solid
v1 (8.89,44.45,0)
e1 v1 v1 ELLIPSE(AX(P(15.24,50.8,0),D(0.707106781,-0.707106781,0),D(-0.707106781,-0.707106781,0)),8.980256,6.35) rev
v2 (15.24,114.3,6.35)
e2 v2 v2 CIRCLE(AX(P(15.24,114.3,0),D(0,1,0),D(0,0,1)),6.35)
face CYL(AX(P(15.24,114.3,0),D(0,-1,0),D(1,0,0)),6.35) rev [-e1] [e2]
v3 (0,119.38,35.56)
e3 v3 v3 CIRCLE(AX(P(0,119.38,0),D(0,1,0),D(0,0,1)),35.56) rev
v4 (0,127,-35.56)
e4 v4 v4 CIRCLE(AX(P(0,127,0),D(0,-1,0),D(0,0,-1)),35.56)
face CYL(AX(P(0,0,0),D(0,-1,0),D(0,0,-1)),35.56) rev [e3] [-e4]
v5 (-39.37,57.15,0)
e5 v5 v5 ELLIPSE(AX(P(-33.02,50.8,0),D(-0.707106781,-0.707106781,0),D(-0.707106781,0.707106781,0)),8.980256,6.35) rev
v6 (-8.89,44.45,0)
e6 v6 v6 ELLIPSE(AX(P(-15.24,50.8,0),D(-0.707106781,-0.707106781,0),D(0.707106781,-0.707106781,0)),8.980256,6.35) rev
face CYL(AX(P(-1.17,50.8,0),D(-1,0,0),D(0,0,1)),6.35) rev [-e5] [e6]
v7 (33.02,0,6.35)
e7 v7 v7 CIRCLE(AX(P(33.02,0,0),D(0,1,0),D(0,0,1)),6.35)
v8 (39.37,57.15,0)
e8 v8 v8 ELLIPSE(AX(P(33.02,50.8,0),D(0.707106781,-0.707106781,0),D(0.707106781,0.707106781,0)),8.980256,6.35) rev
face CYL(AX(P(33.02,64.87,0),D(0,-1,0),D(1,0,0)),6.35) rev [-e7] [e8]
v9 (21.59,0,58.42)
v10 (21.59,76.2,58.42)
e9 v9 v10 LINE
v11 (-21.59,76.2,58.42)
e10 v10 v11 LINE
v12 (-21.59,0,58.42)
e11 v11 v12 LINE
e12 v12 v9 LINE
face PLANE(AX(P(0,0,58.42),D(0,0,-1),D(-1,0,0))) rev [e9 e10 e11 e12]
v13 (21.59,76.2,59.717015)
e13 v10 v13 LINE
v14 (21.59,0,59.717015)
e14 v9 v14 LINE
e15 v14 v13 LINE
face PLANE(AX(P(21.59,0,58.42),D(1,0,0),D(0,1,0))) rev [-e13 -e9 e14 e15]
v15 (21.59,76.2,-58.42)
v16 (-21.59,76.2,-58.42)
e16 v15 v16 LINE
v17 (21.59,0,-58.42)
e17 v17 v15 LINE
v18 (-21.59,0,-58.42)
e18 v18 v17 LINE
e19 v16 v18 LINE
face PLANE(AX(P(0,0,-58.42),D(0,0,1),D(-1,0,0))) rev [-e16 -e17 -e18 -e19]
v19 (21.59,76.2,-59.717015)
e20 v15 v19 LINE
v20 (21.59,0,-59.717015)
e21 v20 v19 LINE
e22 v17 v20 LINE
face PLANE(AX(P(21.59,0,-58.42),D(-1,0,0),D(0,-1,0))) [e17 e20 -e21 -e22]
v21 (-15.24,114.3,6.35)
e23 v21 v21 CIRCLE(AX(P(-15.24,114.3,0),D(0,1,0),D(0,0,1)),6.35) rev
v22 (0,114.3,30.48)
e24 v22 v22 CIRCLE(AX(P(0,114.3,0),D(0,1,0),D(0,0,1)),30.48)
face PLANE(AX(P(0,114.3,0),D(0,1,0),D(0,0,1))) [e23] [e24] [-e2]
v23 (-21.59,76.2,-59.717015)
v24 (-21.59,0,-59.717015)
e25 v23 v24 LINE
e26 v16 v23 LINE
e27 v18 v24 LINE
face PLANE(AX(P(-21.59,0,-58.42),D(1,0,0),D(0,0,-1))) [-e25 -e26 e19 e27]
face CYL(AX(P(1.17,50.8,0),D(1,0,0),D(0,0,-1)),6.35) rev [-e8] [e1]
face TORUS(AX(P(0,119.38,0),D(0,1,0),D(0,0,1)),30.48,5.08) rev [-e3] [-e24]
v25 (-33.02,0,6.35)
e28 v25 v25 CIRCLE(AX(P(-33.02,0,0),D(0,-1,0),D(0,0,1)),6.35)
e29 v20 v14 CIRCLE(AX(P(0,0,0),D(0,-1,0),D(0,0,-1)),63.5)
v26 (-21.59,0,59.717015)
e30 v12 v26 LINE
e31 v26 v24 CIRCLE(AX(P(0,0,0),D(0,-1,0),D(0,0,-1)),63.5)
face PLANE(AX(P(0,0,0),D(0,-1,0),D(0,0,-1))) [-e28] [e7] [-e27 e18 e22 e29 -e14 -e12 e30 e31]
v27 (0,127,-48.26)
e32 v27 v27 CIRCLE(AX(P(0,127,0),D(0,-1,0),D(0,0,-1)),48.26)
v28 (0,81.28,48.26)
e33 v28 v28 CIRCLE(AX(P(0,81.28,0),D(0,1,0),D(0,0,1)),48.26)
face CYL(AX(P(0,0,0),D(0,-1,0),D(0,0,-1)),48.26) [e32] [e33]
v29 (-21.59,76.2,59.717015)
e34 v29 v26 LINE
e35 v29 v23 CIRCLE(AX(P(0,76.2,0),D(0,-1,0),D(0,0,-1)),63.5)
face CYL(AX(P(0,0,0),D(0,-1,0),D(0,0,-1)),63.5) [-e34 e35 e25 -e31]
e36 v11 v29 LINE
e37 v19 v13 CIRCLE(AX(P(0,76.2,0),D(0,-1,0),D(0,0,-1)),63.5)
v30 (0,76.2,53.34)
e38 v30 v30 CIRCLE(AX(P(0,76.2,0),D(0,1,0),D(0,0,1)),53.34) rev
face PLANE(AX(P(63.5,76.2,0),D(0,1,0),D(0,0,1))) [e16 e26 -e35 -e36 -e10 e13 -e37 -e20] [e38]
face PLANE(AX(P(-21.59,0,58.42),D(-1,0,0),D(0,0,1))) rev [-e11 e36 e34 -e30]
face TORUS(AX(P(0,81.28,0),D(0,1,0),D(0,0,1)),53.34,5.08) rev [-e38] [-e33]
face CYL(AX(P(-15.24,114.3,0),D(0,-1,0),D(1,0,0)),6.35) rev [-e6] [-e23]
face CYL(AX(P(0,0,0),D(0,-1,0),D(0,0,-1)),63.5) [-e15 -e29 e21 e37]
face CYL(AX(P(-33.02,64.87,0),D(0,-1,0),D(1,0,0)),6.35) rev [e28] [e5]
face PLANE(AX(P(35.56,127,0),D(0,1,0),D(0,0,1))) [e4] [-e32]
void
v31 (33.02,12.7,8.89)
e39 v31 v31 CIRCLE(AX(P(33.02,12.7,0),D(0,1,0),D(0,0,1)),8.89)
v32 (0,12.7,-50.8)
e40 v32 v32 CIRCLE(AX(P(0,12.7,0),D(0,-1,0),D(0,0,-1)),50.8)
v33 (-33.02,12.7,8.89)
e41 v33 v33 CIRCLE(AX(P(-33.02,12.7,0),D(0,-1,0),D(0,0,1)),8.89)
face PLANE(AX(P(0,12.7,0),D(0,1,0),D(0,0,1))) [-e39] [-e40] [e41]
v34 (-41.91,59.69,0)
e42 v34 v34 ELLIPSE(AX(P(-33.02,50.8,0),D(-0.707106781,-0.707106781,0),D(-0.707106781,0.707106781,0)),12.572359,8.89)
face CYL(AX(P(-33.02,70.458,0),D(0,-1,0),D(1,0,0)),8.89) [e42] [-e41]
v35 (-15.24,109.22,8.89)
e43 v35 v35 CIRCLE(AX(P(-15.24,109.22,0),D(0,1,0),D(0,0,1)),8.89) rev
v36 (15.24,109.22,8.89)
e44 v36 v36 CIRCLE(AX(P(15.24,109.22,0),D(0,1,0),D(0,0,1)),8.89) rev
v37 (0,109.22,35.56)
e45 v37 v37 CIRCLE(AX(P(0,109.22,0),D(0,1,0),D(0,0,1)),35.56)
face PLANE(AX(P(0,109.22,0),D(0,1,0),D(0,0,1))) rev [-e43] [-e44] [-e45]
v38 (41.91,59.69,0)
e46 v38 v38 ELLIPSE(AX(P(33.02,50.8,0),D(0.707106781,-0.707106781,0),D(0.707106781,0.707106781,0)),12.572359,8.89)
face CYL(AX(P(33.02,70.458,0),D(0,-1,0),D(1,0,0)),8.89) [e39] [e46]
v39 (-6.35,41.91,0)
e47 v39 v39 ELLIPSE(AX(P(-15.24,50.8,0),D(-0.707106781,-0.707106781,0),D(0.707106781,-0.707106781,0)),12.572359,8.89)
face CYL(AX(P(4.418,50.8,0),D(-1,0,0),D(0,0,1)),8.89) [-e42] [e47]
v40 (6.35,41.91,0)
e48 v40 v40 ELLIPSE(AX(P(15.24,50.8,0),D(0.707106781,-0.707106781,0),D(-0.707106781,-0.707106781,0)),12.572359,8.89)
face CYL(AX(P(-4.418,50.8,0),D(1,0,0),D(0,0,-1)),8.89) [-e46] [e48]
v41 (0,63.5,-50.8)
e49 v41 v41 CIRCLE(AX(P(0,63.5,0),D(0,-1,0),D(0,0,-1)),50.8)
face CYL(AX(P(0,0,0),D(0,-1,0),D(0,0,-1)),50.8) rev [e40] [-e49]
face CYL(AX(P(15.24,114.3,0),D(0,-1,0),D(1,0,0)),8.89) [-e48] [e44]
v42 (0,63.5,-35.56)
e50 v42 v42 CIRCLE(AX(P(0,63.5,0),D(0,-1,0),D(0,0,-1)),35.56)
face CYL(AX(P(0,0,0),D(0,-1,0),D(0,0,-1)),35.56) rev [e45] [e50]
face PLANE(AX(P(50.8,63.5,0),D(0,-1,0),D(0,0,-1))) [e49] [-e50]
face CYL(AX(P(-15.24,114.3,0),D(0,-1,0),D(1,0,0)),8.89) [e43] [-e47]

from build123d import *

# Parameters (mm, degrees)
BOSS_EXTRUDE1_START = -5.08
SKETCH2_R           = 35.56
BOSS_EXTRUDE1_DEPTH = 5.08
SKETCH3_R           = 8.89
SKETCH3_R_2         = 6.35
SKETCH5_R           = 6.35
CUT_EXTRUDE1_DEPTH  = 146.358143907
SKETCH6_R           = 6.35
CUT_EXTRUDE2_DEPTH  = 142.398403103
SKETCH7_W           = 43.18
SKETCH7_H           = 76.2
CUT_EXTRUDE3_DEPTH  = 5.08
FILLET1_R           = 5.08


with BuildPart() as part:
    # Sketch1 → Revolve1 (revolve)
    with BuildSketch(Plane.XY, mode=Mode.PRIVATE) as revolve1_sk:
        Polygon((0, 0), (63.5, 0), (63.5, 76.2), (48.26, 76.2), (48.26, 127), (35.56, 127), (35.56, 63.5), (50.8, 63.5), (50.8, 12.7), (0, 12.7), align=None)
    revolve(revolve1_sk.sketch.rotate(Axis((0, 0, 0), (0, 1, 0)), 90), axis=Axis((0, 0, 0), (0, 1, 0)))

    # Sketch2 → Boss-Extrude1 (add)
    with BuildSketch(Plane(origin=(0, 114.3, 0), x_dir=(1, 0, 0), z_dir=(0, 1, 0)).offset(BOSS_EXTRUDE1_START)):
        with Locations(Location((0, 0, 0), (0, 0, 90))):
            Circle(SKETCH2_R)
    extrude(amount=BOSS_EXTRUDE1_DEPTH)

    # Sweep1: sweep along a path in Sketch4
    with BuildLine(Plane.XY) as sweep1_path:
        Line((15.24, 114.3), (15.24, 50.8))
        Line((15.24, 50.8), (33.02, 50.8))
        Line((33.02, 50.8), (33.02, 12.7))
    # Sketch3 → Sweep1 (sweep)
    with BuildSketch(Plane(origin=(0, 114.3, 0), x_dir=(1, 0, 0), z_dir=(0, 1, 0))):
        with Locations((15.24, 0)):
            Circle(SKETCH3_R)
        with Locations((15.24, 0)):
            Circle(SKETCH3_R_2, mode=Mode.SUBTRACT)
    sweep1 = sweep(path=sweep1_path.line, transition=Transition.RIGHT)

    # Sketch5 → Cut-Extrude1 (cut, through all)
    with BuildSketch(Plane(origin=(0, 12.7, 0), x_dir=(1, 0, 0), z_dir=(0, 1, 0))):
        with Locations((33.02, 0)):
            Circle(SKETCH5_R)
    cut_extrude1 = extrude(amount=-CUT_EXTRUDE1_DEPTH, mode=Mode.SUBTRACT)

    # Sketch6 → Cut-Extrude2 (cut, through all)
    with BuildSketch(Plane.XZ.offset(-109.22)):
        with Locations(Location((15.24, 0, 0), (0, 0, 90))):
            Circle(SKETCH6_R)
    cut_extrude2 = extrude(amount=-CUT_EXTRUDE2_DEPTH, mode=Mode.SUBTRACT)

    # Mirror1: Sweep1, Cut-Extrude1, Cut-Extrude2 across plane
    add(sweep1.mirror(Plane(origin=(0, 0, 0), x_dir=(0, 0, 1), z_dir=(1, 0, 0))))
    add(cut_extrude1.mirror(Plane(origin=(0, 0, 0), x_dir=(0, 0, 1), z_dir=(1, 0, 0))), mode=Mode.SUBTRACT)
    add(cut_extrude2.mirror(Plane(origin=(0, 0, 0), x_dir=(0, 0, 1), z_dir=(1, 0, 0))), mode=Mode.SUBTRACT)

    # Sketch7 → Cut-Extrude3 (cut)
    with BuildSketch(Plane.XY.offset(63.5)):
        with Locations((0, 38.1)):
            Rectangle(SKETCH7_W, SKETCH7_H)
    cut_extrude3 = extrude(amount=-CUT_EXTRUDE3_DEPTH, mode=Mode.SUBTRACT)

    # Mirror2: Cut-Extrude3 across plane
    add(cut_extrude3.mirror(Plane.XY), mode=Mode.SUBTRACT)

    # Fillet1
    fillet1_edges = [part.edges().sort_by_distance(p)[0] for p in [
        (0, 76.2, 48.26),
        (0, 114.3, 35.56),
    ]]
    fillet(fillet1_edges, radius=FILLET1_R)


solid = part.part
